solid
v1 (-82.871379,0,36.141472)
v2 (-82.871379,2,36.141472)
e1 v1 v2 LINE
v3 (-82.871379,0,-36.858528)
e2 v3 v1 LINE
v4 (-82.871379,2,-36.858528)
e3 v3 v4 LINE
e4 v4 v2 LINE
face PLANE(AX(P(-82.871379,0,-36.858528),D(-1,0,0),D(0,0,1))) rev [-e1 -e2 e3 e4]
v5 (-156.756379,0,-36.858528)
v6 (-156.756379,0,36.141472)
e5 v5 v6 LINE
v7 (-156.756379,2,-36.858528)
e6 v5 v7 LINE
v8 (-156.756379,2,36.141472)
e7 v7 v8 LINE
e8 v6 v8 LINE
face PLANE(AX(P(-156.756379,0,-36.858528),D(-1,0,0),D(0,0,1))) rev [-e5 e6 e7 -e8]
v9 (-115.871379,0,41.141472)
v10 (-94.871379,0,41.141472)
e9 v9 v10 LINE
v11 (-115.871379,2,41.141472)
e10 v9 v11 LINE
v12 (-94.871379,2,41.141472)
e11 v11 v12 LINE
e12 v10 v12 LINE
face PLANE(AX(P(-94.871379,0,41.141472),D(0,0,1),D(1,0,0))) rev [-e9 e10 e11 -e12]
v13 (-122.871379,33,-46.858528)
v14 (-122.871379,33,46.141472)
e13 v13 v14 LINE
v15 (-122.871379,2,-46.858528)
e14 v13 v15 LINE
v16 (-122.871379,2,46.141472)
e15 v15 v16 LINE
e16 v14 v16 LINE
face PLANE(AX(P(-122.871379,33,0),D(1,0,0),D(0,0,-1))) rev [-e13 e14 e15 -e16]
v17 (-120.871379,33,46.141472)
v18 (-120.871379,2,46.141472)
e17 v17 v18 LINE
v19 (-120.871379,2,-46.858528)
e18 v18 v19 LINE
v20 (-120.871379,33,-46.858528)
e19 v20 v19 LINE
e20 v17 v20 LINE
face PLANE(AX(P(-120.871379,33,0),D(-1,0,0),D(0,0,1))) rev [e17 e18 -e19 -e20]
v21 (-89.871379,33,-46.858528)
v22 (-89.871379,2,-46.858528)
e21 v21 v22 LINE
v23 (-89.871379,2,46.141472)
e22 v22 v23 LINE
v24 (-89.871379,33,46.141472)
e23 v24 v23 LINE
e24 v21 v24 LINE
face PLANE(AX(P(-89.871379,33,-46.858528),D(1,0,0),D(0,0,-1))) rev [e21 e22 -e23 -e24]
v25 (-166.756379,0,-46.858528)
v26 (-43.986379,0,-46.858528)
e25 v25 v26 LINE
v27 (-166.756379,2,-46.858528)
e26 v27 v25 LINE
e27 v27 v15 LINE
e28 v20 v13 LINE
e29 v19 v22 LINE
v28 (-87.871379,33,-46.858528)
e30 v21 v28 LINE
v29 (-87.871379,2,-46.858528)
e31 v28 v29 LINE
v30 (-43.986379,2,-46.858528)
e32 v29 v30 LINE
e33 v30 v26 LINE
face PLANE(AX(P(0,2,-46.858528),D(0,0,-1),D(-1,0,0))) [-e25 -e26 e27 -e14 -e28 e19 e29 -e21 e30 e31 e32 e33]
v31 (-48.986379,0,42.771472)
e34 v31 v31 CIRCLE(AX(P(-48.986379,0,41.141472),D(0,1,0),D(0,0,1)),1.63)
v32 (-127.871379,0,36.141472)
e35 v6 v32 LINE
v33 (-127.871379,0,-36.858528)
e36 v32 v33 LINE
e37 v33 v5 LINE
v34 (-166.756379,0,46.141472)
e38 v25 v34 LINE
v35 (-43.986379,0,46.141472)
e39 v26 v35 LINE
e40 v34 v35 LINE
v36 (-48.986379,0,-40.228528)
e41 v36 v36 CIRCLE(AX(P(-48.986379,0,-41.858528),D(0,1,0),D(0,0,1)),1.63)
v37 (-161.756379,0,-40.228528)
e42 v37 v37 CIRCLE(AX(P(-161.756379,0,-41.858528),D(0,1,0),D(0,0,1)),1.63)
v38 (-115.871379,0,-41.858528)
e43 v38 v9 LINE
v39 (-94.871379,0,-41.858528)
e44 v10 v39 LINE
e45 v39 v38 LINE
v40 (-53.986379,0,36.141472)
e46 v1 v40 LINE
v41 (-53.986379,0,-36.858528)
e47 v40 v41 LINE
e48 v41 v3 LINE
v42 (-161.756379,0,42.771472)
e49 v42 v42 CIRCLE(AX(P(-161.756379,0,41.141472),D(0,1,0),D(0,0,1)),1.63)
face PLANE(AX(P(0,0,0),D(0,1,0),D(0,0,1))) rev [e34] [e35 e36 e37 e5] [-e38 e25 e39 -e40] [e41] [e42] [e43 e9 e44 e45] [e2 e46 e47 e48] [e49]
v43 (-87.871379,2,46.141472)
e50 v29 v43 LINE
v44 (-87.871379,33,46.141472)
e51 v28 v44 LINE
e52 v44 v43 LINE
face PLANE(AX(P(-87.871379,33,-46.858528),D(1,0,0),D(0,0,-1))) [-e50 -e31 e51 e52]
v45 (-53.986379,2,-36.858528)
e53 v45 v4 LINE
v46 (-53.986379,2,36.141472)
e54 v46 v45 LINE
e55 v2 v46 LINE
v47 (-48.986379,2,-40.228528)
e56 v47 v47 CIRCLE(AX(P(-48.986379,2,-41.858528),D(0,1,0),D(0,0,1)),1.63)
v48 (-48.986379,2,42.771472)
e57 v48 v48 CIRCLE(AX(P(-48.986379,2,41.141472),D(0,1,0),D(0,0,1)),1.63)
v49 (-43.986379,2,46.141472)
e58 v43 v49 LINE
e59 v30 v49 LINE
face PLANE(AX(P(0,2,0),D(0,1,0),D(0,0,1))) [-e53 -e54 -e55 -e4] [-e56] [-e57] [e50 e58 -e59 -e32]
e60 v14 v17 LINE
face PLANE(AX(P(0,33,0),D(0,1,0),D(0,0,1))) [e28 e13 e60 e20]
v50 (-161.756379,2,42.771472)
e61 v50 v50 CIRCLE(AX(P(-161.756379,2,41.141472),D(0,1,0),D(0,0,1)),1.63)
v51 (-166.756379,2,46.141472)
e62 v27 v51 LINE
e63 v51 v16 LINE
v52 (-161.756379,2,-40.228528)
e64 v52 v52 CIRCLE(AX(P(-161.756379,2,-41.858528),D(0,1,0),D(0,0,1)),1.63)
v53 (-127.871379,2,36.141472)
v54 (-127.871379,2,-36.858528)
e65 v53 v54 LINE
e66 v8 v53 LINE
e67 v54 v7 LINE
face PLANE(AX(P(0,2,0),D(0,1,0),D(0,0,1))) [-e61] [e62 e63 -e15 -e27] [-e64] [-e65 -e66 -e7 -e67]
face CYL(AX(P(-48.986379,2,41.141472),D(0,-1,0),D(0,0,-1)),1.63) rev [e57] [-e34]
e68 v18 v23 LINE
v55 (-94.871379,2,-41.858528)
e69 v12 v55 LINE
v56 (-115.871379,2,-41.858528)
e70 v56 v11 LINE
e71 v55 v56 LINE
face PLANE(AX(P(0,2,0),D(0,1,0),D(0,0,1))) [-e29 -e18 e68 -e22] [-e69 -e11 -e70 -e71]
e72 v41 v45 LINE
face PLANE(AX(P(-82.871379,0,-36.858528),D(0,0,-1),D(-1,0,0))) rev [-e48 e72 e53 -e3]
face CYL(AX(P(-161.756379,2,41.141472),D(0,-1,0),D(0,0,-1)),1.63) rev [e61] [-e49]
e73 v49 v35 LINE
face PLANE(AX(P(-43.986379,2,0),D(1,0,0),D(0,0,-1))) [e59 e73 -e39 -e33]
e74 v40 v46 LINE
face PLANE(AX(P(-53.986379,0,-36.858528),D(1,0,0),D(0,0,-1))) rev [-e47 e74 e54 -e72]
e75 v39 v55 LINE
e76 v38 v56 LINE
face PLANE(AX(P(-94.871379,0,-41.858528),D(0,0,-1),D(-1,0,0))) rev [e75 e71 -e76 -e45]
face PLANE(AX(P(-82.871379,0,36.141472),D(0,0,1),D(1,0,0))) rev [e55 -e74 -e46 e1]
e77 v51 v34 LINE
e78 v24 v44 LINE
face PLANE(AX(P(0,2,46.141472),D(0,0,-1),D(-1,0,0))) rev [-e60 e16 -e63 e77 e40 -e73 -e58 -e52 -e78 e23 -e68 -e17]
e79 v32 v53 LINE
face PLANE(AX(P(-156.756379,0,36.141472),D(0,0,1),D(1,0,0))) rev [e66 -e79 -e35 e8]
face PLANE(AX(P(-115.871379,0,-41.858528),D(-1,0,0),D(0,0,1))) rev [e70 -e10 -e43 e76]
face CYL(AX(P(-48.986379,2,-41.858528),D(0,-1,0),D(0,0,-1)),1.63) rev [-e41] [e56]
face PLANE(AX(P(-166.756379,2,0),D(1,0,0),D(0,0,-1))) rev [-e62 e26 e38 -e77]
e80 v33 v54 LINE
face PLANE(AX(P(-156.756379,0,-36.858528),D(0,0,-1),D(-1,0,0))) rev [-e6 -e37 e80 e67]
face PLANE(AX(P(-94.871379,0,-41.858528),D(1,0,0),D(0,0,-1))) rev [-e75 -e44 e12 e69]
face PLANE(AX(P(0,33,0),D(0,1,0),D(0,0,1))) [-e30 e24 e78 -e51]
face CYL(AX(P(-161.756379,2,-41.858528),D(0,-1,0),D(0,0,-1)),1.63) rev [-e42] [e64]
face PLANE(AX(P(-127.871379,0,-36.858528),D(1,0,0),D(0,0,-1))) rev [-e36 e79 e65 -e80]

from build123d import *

# Parameters (mm, degrees)
SKETCH1_W           = 122.77
SKETCH1_H           = 93
SKETCH1_R           = 1.63
BOSS_EXTRUDE1_DEPTH = 2
SKETCH2_W           = 2
SKETCH2_H           = 93
BOSS_EXTRUDE2_DEPTH = 31
SKETCH3_W           = 28.885
SKETCH3_H           = 73
SKETCH3_W_2         = 21
SKETCH3_H_2         = 83
CUT_EXTRUDE1_DEPTH  = 176.967075005


with BuildPart() as part:
    # Sketch1 → Boss-Extrude1 (new body)
    with BuildSketch(Plane(origin=(0, 0, 0), x_dir=(1, 0, 0), z_dir=(0, 1, 0))):
        with Locations((-105.371378726, 0.358527933)):
            Rectangle(SKETCH1_W, SKETCH1_H)
        with Locations(Location((-161.756378726, 41.858527933, 0), (0, 0, 270))):
            Circle(SKETCH1_R, mode=Mode.SUBTRACT)
        with Locations(Location((-48.986378726, 41.858527933, 0), (0, 0, 270))):
            Circle(SKETCH1_R, mode=Mode.SUBTRACT)
        with Locations(Location((-161.756378726, -41.141472067, 0), (0, 0, 270))):
            Circle(SKETCH1_R, mode=Mode.SUBTRACT)
        with Locations(Location((-48.986378726, -41.141472067, 0), (0, 0, 270))):
            Circle(SKETCH1_R, mode=Mode.SUBTRACT)
    extrude(amount=BOSS_EXTRUDE1_DEPTH)

    # Sketch2 → Boss-Extrude2 (add)
    with BuildSketch(Plane(origin=(0, 2, 0), x_dir=(1, 0, 0), z_dir=(0, 1, 0))):
        with Locations((-121.871378726, 0.358527933)):
            Rectangle(SKETCH2_W, SKETCH2_H)
        with Locations((-88.871378726, 0.358527933)):
            Rectangle(SKETCH2_W, SKETCH2_H)
    extrude(amount=BOSS_EXTRUDE2_DEPTH)

    # Sketch3 → Cut-Extrude1 (cut, through all)
    with BuildSketch(Plane(origin=(0, 2, 0), x_dir=(1, 0, 0), z_dir=(0, 1, 0))):
        with Locations((-142.313878726, 0.358527933)):
            Rectangle(SKETCH3_W, SKETCH3_H)
        with Locations((-105.371378726, 0.358527933)):
            Rectangle(SKETCH3_W_2, SKETCH3_H_2)
        with Locations((-68.428878726, 0.358527933)):
            Rectangle(SKETCH3_W, SKETCH3_H)
    extrude(amount=-CUT_EXTRUDE1_DEPTH, mode=Mode.SUBTRACT)


solid = part.part
